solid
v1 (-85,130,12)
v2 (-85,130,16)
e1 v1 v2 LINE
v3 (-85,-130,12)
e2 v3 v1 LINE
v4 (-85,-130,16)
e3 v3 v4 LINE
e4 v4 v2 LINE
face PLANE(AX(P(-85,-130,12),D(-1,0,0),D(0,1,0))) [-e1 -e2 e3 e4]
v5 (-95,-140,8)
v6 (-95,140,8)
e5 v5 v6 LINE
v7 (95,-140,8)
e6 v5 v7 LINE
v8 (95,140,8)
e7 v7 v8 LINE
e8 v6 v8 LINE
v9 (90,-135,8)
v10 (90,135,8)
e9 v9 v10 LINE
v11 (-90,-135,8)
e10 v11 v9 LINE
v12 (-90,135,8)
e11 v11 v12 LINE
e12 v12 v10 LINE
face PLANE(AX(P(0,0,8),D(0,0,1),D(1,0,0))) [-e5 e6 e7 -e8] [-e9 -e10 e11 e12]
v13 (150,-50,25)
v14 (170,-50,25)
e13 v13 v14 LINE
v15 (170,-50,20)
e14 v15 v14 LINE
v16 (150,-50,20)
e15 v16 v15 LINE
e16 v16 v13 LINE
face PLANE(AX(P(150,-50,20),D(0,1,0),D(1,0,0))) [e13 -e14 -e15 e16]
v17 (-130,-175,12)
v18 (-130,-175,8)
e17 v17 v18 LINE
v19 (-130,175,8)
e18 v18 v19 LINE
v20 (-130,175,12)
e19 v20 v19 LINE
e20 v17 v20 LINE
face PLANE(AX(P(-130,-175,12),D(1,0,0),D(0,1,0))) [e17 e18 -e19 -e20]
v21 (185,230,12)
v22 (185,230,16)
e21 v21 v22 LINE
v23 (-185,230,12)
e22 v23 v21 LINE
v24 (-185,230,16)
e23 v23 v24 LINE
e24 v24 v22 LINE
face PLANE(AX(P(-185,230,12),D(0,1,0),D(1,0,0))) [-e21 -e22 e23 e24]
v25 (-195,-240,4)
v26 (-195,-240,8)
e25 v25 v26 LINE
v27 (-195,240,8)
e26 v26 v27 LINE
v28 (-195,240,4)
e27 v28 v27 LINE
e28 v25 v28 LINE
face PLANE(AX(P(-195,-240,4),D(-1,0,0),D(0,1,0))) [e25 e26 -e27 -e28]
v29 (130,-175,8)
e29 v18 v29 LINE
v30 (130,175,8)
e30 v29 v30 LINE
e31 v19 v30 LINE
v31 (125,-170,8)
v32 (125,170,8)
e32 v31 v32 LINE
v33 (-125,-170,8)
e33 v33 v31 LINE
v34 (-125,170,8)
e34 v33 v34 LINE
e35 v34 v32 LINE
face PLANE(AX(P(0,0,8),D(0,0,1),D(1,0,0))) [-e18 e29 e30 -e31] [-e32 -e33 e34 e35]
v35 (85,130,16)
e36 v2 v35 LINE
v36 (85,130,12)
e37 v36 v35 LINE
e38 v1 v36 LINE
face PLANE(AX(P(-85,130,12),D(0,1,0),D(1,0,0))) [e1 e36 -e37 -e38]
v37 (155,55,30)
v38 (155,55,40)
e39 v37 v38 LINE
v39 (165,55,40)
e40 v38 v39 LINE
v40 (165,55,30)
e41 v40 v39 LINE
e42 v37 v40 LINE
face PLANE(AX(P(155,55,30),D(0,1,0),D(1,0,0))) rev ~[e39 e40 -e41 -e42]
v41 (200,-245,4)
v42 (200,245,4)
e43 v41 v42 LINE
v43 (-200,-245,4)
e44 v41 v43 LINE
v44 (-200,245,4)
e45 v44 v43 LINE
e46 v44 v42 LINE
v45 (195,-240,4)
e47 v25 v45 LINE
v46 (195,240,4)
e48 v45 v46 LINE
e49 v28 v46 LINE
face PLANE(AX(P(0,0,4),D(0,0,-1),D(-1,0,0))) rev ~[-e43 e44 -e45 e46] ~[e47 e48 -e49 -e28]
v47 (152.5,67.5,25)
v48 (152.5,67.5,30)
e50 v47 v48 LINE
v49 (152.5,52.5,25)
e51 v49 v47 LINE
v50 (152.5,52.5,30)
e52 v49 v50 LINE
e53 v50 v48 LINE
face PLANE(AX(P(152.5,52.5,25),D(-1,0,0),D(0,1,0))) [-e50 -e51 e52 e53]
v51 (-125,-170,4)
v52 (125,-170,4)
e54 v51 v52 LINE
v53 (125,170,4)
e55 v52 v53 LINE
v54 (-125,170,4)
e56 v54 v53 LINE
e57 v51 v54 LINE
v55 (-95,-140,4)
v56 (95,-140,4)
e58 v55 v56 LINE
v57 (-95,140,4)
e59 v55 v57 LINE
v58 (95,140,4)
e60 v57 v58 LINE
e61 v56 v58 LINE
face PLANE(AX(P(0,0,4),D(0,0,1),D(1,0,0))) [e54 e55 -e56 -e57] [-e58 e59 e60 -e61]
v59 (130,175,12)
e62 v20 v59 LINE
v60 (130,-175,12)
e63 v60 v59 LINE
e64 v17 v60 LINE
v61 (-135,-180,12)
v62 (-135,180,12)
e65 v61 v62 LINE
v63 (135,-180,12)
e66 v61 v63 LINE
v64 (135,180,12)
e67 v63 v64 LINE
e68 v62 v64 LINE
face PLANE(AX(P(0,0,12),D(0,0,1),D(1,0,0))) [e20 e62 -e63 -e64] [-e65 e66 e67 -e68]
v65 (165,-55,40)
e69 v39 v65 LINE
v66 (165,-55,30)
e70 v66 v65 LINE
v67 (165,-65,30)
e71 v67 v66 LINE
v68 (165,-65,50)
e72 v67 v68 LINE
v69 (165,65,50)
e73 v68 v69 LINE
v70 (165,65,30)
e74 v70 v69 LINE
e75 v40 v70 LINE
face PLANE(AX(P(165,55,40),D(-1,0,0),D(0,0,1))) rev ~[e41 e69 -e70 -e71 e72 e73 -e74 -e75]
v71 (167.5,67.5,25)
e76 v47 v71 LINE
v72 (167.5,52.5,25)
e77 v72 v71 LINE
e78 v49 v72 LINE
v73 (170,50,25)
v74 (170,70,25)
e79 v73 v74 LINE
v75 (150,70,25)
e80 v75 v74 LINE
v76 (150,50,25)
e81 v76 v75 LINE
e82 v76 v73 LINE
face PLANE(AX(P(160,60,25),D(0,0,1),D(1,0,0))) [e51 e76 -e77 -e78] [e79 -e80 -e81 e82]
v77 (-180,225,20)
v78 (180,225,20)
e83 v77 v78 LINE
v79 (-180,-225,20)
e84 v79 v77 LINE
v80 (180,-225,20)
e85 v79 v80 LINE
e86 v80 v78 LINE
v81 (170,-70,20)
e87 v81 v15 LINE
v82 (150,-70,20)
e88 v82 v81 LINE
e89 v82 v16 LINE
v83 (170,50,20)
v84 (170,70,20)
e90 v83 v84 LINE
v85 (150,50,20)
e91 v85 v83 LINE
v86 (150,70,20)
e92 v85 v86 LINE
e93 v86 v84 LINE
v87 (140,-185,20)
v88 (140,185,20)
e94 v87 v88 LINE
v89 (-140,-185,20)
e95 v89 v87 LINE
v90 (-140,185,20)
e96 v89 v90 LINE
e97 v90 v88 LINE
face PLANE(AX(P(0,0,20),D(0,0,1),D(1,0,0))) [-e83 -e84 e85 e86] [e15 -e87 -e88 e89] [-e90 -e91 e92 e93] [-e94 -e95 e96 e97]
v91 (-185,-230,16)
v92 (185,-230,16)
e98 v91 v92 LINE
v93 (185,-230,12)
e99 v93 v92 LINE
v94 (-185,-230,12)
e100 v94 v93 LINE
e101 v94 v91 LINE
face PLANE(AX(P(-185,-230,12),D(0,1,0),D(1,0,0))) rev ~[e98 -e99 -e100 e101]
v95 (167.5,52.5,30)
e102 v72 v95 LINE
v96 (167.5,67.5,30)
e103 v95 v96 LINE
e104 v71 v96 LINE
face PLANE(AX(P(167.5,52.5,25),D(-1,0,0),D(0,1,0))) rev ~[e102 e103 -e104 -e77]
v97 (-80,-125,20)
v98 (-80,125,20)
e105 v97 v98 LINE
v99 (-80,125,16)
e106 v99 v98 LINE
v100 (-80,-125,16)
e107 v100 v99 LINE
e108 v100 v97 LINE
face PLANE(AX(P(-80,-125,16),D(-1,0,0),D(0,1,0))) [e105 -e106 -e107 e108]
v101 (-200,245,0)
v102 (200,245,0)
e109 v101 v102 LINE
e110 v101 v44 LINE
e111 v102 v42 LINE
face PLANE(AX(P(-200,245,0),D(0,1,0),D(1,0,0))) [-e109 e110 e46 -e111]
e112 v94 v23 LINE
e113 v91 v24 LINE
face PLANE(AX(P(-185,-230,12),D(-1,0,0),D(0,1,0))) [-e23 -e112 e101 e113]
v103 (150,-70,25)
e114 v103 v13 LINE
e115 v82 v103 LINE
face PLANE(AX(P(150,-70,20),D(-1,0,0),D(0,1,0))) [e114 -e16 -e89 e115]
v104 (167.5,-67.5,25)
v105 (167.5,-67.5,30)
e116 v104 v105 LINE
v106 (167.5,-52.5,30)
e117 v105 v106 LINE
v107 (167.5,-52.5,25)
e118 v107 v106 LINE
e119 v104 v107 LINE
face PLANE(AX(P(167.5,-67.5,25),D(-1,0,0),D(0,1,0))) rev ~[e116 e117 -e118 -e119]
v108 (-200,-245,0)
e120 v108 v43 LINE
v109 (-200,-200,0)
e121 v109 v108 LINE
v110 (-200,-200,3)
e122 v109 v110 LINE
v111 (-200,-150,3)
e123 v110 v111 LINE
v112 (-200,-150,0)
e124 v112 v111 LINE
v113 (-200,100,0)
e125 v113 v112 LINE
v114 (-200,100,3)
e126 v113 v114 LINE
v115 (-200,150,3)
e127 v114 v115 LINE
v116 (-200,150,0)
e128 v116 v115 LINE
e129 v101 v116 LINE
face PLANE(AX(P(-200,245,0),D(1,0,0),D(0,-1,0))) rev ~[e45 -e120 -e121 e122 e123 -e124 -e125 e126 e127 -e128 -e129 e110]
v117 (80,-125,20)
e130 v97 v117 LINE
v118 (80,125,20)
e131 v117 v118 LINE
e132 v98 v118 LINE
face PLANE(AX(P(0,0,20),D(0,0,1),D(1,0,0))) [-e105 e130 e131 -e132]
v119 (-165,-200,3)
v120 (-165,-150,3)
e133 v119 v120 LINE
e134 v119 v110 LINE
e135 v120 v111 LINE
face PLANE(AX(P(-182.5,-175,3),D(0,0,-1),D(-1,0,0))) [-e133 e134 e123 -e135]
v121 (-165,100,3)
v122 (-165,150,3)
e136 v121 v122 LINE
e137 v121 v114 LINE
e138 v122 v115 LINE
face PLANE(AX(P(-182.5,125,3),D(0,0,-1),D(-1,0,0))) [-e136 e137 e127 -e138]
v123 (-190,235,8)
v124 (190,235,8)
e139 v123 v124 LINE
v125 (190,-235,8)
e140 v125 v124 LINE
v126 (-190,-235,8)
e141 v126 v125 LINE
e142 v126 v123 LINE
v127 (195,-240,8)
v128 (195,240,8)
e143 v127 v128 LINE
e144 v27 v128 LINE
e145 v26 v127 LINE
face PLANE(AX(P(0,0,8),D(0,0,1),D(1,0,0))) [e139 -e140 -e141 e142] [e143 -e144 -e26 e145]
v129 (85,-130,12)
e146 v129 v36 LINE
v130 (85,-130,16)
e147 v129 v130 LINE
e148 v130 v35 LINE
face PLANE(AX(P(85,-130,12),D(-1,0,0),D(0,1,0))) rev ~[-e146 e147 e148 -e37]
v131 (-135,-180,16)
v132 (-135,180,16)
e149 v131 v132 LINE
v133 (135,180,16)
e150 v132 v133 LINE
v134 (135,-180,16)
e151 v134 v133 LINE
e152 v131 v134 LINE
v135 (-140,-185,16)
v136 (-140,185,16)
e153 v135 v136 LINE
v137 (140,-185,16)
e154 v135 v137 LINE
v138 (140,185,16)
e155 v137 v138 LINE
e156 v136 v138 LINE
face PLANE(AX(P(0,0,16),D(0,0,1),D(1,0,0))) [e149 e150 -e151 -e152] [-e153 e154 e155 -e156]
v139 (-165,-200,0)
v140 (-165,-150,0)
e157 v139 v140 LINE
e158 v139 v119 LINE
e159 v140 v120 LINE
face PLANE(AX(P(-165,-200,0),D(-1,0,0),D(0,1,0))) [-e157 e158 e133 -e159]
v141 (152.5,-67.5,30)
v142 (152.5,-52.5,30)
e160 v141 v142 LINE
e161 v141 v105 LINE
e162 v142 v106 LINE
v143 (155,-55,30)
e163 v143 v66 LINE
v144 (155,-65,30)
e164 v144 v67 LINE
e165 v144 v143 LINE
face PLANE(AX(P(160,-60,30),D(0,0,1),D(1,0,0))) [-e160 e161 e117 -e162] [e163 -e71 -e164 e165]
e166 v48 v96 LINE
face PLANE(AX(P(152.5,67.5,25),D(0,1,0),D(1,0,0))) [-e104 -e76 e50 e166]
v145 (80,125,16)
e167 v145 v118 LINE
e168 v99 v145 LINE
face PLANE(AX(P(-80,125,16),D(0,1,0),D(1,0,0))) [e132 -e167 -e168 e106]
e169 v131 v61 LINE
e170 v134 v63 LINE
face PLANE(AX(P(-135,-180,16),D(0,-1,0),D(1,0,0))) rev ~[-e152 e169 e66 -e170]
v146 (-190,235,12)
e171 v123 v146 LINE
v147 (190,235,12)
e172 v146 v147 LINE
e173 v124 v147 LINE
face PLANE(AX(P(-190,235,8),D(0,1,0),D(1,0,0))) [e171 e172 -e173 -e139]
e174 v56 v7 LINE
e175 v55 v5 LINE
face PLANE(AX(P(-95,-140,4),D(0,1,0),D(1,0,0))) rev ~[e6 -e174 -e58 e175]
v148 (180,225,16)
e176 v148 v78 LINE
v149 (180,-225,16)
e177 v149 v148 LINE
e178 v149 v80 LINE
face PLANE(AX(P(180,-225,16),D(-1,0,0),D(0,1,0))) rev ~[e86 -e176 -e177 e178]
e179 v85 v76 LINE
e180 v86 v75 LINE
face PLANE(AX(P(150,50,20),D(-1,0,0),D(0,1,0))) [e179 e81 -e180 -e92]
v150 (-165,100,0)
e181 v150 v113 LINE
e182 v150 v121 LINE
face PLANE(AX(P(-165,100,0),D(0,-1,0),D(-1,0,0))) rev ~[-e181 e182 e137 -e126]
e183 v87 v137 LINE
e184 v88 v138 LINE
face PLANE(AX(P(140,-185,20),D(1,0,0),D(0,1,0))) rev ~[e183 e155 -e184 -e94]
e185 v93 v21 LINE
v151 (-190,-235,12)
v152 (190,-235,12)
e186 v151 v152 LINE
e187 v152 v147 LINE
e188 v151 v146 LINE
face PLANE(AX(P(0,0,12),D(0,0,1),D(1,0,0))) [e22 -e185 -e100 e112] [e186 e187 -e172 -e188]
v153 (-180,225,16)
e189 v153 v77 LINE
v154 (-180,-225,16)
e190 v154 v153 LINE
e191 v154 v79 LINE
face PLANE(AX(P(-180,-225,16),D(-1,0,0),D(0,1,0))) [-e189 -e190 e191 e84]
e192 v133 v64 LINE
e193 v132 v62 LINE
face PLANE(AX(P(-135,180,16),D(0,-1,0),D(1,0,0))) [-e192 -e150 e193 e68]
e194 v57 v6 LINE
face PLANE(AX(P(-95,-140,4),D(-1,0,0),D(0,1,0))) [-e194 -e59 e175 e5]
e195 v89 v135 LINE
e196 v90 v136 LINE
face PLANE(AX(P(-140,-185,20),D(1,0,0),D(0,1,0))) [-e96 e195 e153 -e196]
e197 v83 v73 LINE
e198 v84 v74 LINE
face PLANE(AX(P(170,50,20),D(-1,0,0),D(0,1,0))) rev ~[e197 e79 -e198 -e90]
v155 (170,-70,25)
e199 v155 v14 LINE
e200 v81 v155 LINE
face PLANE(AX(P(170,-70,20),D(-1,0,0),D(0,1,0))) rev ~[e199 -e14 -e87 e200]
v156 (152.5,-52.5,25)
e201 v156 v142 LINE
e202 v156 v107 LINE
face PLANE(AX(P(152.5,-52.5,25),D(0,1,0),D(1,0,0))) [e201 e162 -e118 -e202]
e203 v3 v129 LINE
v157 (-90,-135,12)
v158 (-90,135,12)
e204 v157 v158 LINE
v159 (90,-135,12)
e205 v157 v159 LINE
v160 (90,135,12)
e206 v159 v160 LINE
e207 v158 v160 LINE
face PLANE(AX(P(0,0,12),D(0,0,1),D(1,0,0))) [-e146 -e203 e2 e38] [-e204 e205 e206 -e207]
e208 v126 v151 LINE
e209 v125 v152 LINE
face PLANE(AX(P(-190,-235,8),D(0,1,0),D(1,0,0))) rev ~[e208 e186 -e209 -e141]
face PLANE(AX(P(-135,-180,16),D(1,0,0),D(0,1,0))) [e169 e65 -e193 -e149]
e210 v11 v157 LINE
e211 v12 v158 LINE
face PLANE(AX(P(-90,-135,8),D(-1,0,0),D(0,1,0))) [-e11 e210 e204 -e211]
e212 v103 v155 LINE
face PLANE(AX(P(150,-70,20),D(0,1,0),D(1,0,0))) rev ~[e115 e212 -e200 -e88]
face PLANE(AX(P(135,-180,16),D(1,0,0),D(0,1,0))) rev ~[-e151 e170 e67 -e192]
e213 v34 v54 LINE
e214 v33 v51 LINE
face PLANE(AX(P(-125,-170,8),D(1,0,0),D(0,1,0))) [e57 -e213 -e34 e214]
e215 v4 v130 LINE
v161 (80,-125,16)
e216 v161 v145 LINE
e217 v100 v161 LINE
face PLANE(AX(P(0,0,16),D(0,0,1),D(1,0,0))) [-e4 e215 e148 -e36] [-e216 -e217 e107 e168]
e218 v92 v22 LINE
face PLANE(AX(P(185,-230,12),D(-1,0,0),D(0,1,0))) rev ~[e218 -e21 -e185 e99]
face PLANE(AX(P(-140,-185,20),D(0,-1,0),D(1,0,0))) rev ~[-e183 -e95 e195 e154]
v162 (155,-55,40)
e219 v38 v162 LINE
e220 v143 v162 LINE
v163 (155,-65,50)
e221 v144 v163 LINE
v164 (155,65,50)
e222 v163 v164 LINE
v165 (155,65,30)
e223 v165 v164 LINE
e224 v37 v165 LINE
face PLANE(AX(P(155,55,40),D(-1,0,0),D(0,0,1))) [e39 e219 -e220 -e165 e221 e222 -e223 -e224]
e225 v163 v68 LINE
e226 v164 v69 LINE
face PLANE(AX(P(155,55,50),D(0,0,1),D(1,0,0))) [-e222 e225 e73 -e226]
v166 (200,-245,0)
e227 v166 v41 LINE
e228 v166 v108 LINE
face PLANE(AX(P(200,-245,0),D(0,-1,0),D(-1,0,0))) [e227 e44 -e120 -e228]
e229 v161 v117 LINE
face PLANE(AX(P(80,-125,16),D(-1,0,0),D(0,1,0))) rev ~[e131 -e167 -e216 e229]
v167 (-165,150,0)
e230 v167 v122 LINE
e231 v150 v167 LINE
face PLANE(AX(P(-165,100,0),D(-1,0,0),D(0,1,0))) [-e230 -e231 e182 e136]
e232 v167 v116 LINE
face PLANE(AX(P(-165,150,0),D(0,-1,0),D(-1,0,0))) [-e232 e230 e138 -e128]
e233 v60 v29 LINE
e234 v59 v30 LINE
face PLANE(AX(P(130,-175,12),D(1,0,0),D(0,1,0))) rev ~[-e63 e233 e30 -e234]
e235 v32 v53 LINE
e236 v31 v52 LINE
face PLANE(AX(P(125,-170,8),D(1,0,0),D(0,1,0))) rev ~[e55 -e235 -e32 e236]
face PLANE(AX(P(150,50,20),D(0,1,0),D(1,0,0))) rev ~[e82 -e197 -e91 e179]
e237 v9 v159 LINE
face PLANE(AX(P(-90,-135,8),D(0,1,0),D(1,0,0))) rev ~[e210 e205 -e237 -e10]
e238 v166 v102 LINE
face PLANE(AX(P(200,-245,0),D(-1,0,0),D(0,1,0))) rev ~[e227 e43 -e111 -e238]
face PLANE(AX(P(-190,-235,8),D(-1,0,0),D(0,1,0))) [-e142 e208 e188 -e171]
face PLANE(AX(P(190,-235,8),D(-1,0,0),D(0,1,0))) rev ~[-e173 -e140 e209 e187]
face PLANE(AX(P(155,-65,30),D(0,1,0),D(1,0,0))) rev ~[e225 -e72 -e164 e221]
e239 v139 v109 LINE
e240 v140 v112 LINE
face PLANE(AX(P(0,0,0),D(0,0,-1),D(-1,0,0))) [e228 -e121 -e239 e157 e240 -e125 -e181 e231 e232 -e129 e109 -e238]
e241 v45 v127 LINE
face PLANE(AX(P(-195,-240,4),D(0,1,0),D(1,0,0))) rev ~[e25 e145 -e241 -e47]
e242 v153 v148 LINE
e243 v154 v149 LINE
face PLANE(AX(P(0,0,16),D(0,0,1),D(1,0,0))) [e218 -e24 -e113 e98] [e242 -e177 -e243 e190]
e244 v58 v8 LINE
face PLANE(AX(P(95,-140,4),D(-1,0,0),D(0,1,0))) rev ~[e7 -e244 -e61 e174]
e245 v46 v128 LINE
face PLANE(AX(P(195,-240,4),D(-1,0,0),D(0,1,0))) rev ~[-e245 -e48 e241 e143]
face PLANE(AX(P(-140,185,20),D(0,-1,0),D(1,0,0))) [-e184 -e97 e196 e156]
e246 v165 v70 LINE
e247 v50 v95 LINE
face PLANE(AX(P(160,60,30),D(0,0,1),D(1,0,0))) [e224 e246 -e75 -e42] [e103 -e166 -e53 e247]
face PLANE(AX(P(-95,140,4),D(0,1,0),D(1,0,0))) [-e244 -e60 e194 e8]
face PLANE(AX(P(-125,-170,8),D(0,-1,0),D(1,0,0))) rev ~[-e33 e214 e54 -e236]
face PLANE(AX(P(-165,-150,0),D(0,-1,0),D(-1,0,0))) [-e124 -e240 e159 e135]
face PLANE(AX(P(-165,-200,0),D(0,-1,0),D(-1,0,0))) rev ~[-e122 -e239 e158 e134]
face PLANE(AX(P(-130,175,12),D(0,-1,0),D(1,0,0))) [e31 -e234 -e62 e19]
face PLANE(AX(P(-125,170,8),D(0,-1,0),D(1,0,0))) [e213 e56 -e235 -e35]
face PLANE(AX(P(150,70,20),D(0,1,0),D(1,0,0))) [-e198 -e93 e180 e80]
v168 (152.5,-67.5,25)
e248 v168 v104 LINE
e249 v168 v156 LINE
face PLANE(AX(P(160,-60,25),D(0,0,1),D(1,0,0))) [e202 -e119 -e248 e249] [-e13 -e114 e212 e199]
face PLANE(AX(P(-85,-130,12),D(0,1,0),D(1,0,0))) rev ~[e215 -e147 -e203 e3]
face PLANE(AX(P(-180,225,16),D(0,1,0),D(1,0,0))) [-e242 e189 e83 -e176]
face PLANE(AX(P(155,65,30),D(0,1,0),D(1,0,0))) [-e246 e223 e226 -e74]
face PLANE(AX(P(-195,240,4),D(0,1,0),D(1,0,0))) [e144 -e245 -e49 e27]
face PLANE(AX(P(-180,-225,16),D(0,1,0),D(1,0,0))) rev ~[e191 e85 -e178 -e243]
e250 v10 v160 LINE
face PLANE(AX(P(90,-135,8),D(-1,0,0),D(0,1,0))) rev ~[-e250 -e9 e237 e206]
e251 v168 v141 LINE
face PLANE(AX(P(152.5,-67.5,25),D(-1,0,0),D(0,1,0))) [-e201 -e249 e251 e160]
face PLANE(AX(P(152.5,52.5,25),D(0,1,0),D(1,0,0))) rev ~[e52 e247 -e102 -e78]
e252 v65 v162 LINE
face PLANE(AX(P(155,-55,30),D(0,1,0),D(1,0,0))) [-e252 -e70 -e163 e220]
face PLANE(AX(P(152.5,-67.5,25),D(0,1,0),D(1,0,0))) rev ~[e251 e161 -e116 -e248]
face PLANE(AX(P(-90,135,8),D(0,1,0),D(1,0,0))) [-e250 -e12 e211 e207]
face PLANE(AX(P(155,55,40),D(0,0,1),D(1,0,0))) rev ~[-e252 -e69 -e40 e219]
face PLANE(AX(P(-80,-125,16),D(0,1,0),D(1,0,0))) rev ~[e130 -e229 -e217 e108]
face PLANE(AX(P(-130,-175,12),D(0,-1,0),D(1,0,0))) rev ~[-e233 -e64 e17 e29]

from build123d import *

# Parameters (mm, degrees)
BOSS_EXTRUDE2_DEPTH  = 4
SKETCH2_W            = 390
SKETCH2_H            = 480
BOSS_EXTRUDE3_DEPTH  = 4
SKETCH3_W            = 380
SKETCH3_H            = 470
BOSS_EXTRUDE4_DEPTH  = 4
SKETCH4_W            = 370
SKETCH4_H            = 460
BOSS_EXTRUDE5_DEPTH  = 4
SKETCH5_W            = 360
SKETCH5_H            = 450
BOSS_EXTRUDE6_DEPTH  = 4
SKETCH6_W            = 280
SKETCH6_H            = 370
CUT_EXTRUDE1_DEPTH   = 4
SKETCH7_W            = 270
SKETCH7_H            = 360
CUT_EXTRUDE2_DEPTH   = 4
SKETCH8_W            = 260
SKETCH8_H            = 350
CUT_EXTRUDE3_DEPTH   = 4
SKETCH9_W            = 250
SKETCH9_H            = 340
CUT_EXTRUDE4_DEPTH   = 4
SKETCH11_W           = 190
SKETCH11_H           = 280
BOSS_EXTRUDE7_DEPTH  = 4
SKETCH12_W           = 180
SKETCH12_H           = 270
BOSS_EXTRUDE8_DEPTH  = 4
SKETCH13_W           = 170
SKETCH13_H           = 260
BOSS_EXTRUDE9_DEPTH  = 4
SKETCH14_W           = 160
SKETCH14_H           = 250
BOSS_EXTRUDE10_DEPTH = 4
SKETCH15_W           = 20
SKETCH15_H           = 20
BOSS_EXTRUDE11_DEPTH = 5
SKETCH16_W           = 15
SKETCH16_H           = 15
BOSS_EXTRUDE12_DEPTH = 5
SKETCH17_W           = 10
SKETCH17_H           = 10
BOSS_EXTRUDE13_DEPTH = 20
BOSS_EXTRUDE14_REACH = 302
SKETCH18_W           = 10
SKETCH18_H           = 10
SKETCH19_W           = 35
SKETCH19_H           = 50
CUT_EXTRUDE5_DEPTH   = 3


with BuildPart() as part:
    # Sketch1 → Boss-Extrude2 (new body)
    with BuildSketch(Plane.XY):
        Polygon((200, 0), (200, -20), (200, -245), (-200, -245), (-200, -20), (-200, 0), (-200, 245), (200, 245), align=None)
    extrude(amount=BOSS_EXTRUDE2_DEPTH)

    # Sketch2 → Boss-Extrude3 (add)
    with BuildSketch(Plane.XY.offset(4)):
        Rectangle(SKETCH2_W, SKETCH2_H)
    extrude(amount=BOSS_EXTRUDE3_DEPTH)

    # Sketch3 → Boss-Extrude4 (add)
    with BuildSketch(Plane.XY.offset(8)):
        Rectangle(SKETCH3_W, SKETCH3_H)
    extrude(amount=BOSS_EXTRUDE4_DEPTH)

    # Sketch4 → Boss-Extrude5 (add)
    with BuildSketch(Plane.XY.offset(12)):
        Rectangle(SKETCH4_W, SKETCH4_H)
    extrude(amount=BOSS_EXTRUDE5_DEPTH)

    # Sketch5 → Boss-Extrude6 (add)
    with BuildSketch(Plane.XY.offset(16)):
        Rectangle(SKETCH5_W, SKETCH5_H)
    extrude(amount=BOSS_EXTRUDE6_DEPTH)

    # Sketch6 → Cut-Extrude1 (cut)
    with BuildSketch(Plane.XY.offset(20)):
        Rectangle(SKETCH6_W, SKETCH6_H)
    extrude(amount=-CUT_EXTRUDE1_DEPTH, mode=Mode.SUBTRACT)

    # Sketch7 → Cut-Extrude2 (cut)
    with BuildSketch(Plane.XY.offset(16)):
        Rectangle(SKETCH7_W, SKETCH7_H)
    extrude(amount=-CUT_EXTRUDE2_DEPTH, mode=Mode.SUBTRACT)

    # Sketch8 → Cut-Extrude3 (cut)
    with BuildSketch(Plane.XY.offset(12)):
        Rectangle(SKETCH8_W, SKETCH8_H)
    extrude(amount=-CUT_EXTRUDE3_DEPTH, mode=Mode.SUBTRACT)

    # Sketch9 → Cut-Extrude4 (cut)
    with BuildSketch(Plane.XY.offset(8)):
        Rectangle(SKETCH9_W, SKETCH9_H)
    extrude(amount=-CUT_EXTRUDE4_DEPTH, mode=Mode.SUBTRACT)

    # Sketch11 → Boss-Extrude7 (add)
    with BuildSketch(Plane.XY.offset(4)):
        Rectangle(SKETCH11_W, SKETCH11_H)
    extrude(amount=BOSS_EXTRUDE7_DEPTH)

    # Sketch12 → Boss-Extrude8 (add)
    with BuildSketch(Plane.XY.offset(8)):
        Rectangle(SKETCH12_W, SKETCH12_H)
    extrude(amount=BOSS_EXTRUDE8_DEPTH)

    # Sketch13 → Boss-Extrude9 (add)
    with BuildSketch(Plane.XY.offset(12)):
        Rectangle(SKETCH13_W, SKETCH13_H)
    extrude(amount=BOSS_EXTRUDE9_DEPTH)

    # Sketch14 → Boss-Extrude10 (add)
    with BuildSketch(Plane.XY.offset(16)):
        Rectangle(SKETCH14_W, SKETCH14_H)
    extrude(amount=BOSS_EXTRUDE10_DEPTH)

    # Sketch15 → Boss-Extrude11 (add)
    with BuildSketch(Plane.XY.offset(20)):
        with Locations((160, 60)):
            Rectangle(SKETCH15_W, SKETCH15_H)
        with Locations((160, -60)):
            Rectangle(SKETCH15_W, SKETCH15_H)
    extrude(amount=BOSS_EXTRUDE11_DEPTH)

    # Sketch16 → Boss-Extrude12 (add)
    with BuildSketch(Plane.XY.offset(25)):
        with Locations((160, 60)):
            Rectangle(SKETCH16_W, SKETCH16_H)
        with Locations((160, -60)):
            Rectangle(SKETCH16_W, SKETCH16_H)
    extrude(amount=BOSS_EXTRUDE12_DEPTH)

    # Sketch17 → Boss-Extrude13 (add)
    with BuildSketch(Plane.XY.offset(30)):
        with Locations((160, 60)):
            Rectangle(SKETCH17_W, SKETCH17_H)
        with Locations((160, -60)):
            Rectangle(SKETCH17_W, SKETCH17_H)
    extrude(amount=BOSS_EXTRUDE13_DEPTH)

    # Sketch18 → Boss-Extrude14 (add, up to next)
    with BuildSketch(Plane.XZ.offset(-55), mode=Mode.PRIVATE) as boss_extrude14_sk1:
        with Locations((160, 45)):
            Rectangle(SKETCH18_W, SKETCH18_H)
    boss_extrude14_tool1 = extrude(boss_extrude14_sk1.sketch, amount=BOSS_EXTRUDE14_REACH, mode=Mode.PRIVATE) - part.part
    add(boss_extrude14_tool1.solids().sort_by_distance((160, 55, 45))[0])

    # Sketch19 → Cut-Extrude5 (cut)
    with BuildSketch(Plane(origin=(0, 0, 0), x_dir=(-1, 0, 0), z_dir=(0, 0, -1))):
        with Locations((182.5, 125)):
            Rectangle(SKETCH19_W, SKETCH19_H)
        with Locations((182.5, -175)):
            Rectangle(SKETCH19_W, SKETCH19_H)
    extrude(amount=-CUT_EXTRUDE5_DEPTH, mode=Mode.SUBTRACT)


solid = part.part
